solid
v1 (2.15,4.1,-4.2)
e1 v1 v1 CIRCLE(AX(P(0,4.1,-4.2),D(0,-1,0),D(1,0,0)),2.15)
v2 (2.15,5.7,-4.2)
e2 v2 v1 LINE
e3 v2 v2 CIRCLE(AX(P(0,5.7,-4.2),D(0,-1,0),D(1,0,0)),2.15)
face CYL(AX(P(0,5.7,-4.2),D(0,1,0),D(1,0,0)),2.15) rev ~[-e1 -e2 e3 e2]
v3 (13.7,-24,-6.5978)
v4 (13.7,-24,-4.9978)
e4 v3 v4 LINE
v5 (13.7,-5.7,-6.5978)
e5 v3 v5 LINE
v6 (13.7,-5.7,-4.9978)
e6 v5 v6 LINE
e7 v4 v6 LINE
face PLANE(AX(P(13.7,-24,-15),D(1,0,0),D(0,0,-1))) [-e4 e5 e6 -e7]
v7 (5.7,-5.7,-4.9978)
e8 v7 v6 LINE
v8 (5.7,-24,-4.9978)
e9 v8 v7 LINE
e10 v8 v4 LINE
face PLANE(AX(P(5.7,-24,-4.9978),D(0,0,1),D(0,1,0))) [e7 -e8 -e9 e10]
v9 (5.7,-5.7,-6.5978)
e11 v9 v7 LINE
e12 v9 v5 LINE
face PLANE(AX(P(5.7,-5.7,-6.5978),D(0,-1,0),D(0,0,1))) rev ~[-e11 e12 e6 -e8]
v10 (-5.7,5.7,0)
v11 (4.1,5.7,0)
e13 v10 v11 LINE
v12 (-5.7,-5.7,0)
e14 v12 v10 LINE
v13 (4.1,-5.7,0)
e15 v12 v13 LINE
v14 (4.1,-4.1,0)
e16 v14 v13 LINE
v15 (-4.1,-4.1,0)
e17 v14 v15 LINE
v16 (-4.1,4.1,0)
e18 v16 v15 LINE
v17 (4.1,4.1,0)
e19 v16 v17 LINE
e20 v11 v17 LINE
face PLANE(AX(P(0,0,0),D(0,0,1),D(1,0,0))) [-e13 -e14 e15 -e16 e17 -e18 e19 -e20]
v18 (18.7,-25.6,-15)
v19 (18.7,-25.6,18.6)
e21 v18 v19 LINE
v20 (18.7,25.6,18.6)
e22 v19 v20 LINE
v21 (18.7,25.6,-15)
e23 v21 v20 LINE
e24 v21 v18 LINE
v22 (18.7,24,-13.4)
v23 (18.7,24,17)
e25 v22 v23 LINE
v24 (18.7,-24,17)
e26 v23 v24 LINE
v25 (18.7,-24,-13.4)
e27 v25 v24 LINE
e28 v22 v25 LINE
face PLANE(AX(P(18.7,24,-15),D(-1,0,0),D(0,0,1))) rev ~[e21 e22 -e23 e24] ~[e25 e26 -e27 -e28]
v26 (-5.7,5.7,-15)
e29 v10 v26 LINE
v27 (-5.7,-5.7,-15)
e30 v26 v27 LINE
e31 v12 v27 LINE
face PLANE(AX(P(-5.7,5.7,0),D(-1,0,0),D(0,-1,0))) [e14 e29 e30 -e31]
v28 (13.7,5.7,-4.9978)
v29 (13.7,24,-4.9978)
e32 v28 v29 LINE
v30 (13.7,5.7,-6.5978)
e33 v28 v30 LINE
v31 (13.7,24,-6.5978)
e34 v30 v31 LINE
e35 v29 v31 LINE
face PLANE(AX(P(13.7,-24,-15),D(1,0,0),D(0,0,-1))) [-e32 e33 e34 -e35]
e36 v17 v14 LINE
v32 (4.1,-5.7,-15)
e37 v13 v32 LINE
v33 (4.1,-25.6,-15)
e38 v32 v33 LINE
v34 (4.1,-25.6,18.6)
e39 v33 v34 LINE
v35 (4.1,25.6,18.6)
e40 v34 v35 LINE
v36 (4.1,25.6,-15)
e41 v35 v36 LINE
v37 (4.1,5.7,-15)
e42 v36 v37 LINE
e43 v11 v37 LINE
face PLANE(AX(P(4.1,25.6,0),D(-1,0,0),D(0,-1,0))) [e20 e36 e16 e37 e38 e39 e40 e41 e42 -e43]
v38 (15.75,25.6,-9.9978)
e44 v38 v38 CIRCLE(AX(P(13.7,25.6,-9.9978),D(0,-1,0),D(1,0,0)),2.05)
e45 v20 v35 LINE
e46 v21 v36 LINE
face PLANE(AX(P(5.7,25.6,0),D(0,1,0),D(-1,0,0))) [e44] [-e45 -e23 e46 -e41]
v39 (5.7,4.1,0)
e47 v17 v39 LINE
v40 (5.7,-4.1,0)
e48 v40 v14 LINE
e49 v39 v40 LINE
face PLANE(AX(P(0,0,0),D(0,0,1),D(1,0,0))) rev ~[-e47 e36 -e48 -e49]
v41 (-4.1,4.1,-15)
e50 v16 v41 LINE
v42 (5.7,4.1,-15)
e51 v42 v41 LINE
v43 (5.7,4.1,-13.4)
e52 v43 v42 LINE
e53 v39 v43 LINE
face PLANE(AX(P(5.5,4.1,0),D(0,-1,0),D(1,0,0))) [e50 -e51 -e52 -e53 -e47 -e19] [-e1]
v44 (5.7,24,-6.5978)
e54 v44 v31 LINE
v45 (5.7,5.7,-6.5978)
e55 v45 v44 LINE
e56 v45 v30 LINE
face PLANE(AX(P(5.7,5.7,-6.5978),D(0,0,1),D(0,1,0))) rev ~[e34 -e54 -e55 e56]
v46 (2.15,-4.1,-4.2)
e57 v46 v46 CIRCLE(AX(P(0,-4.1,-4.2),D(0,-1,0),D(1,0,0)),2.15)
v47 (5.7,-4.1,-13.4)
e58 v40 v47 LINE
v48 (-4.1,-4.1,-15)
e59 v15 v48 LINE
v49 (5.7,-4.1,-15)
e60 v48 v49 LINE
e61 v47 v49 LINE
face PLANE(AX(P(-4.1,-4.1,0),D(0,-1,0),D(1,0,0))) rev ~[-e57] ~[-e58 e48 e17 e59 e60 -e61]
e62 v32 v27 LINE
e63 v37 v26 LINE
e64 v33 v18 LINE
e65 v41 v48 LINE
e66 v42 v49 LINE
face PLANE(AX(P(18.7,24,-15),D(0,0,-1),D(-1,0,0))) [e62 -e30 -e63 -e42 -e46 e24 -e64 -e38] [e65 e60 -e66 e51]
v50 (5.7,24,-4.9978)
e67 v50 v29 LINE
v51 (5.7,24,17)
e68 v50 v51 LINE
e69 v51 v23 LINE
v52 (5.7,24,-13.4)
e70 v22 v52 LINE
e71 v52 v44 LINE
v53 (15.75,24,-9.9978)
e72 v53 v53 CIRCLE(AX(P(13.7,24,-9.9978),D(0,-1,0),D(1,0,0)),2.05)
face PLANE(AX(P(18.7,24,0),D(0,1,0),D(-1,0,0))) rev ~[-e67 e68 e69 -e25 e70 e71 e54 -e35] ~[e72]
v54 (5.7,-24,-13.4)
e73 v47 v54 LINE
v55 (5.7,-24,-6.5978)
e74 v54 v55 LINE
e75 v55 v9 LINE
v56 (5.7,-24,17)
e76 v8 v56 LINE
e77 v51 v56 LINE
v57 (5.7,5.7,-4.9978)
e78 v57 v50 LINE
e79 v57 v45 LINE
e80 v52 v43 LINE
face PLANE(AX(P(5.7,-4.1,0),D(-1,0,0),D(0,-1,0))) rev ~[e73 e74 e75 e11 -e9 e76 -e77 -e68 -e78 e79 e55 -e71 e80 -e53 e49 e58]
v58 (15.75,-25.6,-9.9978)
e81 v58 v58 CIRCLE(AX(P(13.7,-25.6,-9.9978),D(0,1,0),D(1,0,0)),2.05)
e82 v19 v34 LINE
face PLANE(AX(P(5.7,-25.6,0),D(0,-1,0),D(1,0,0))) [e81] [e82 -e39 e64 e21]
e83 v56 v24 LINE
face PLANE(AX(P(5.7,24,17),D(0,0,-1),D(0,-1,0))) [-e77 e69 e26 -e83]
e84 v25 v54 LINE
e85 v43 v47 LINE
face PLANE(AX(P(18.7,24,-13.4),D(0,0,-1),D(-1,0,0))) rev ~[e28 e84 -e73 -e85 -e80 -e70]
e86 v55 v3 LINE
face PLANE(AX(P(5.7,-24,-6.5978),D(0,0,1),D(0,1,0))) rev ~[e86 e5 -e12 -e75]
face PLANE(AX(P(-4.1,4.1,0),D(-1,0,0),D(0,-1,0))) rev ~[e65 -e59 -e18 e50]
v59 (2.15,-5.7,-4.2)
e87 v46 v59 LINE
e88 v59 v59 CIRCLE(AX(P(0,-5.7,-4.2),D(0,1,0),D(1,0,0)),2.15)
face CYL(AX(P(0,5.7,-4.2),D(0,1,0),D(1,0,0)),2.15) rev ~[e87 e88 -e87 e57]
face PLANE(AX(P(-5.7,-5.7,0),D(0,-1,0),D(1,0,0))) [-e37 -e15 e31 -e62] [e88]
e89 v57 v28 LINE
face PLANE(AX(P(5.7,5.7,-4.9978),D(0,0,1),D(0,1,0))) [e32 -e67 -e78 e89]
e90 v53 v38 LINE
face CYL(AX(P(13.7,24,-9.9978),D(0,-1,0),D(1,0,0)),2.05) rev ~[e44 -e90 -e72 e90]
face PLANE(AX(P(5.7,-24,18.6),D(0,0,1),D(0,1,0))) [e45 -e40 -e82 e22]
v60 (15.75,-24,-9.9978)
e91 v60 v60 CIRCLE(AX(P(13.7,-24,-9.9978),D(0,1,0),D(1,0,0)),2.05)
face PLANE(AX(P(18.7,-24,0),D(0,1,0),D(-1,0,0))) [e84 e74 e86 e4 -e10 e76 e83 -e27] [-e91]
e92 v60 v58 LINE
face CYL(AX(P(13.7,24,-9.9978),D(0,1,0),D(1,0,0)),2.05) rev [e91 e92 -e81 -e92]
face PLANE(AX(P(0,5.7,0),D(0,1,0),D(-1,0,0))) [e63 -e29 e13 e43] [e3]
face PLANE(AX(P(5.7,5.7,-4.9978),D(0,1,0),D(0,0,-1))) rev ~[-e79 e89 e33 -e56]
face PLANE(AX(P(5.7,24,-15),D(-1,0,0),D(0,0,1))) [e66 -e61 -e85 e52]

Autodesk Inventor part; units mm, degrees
ref_plane "YZ Plane" through (0, 0, 0) normal (1, 0, 0) x (0, 1, 0)
ref_plane "XZ Plane" through (0, 0, 0) normal (0, 1, 0) x (-1, 0, 0)
ref_plane "XY Plane" through (0, 0, 0) normal (0, 0, 1) x (1, 0, 0)
sketch "Sketch1" plane through (0, 0, 0) normal (0, 0, 1) x (1, 0, 0)
  line L0 (-5.7, 0) -> (-5.7, -5.7)
  line L1 (-5.7, -5.7) -> (0, -5.7)
  line L2 (0, 5.7) -> (-5.7, 5.7)
  line L3 (-5.7, 5.7) -> (-5.7, 0)
  line L4 (0, 4.1) -> (-4.1, 4.1)
  line L5 (-4.1, 4.1) -> (-4.1, -4.1)
  line L6 (-4.1, -4.1) -> (0, -4.1)
  line L7 (3.9, -5.7) -> (0, -5.7)
  line L8 (3.9, 5.7) -> (0, 5.7)
  line L9 (3.9, 5.7) -> (5.5, 5.7)
  line L10 (3.9, -5.7) -> (5.5, -5.7)
  line L11 (5.5, 4.1) -> (0, 4.1)
  line L12 (5.5, -4.1) -> (0, -4.1)
  line L13 (0, 0) -> (4.1, 0)
  line L14 (4.1, 0) -> (5.7, 0)
  line L15 (5.7, 0) -> (5.7, 5.7)
  line L16 (5.7, 5.7) -> (5.5, 5.7)
  line L17 (5.5, 4.1) -> (5.7, 4.1)
  line L18 (5.7, 0) -> (5.7, -5.7)
  line L19 (5.7, -5.7) -> (5.5, -5.7)
  line L20 (5.5, -4.1) -> (5.7, -4.1)
  dimension "d22" = 4.1
  dimension "d23" = 1.6
extrude "Extrusion1" add sketch "Sketch1" against normal blind 15 contours L3 L2 L8 L9 L16 L15 L17 L11 L4 L5 L6 L12 L20 L18 L19 L10 L7 L1 L0
sketch "Sketch2" plane through (-5.7, 5.7, 0) normal (0, 1, 0) x (1, 0, 0)
  line L0 (5.7, 0) -> (5.7, 4.2)
  circle A0 centre (5.7, 4.2) radius 2.15
  dimension "d10" = 4.2
  dimension "d11" = 4.3
extrude "Extrusion2" cut sketch "Sketch2" against normal blind 15
sketch "Sketch3" plane through (0, 0, 0) normal (0, 0, 1) x (1, 0, 0)
  point P0 (0, 0)
sketch "Sketch4" plane through (0, 0, 0) normal (0, 0, 1) x (1, 0, 0)
  point P0 (5.5, 5.7)
sketch "Sketch5" plane through (0, 0, 0) normal (0, 0, 1) x (1, 0, 0)
  line L0 (5.7, 4.1) -> (5.7, 0)
  line L1 (5.7, 0) -> (5.7, 24)
  line L2 (5.7, 0) -> (5.7, -24)
  line L3 (5.7, -25.6) -> (4.1, -25.6)
  line L4 (5.7, -5.7) -> (-5.7, -5.7) projected
  line L5 (4.1, -5.7) -> (4.1, -25.6)
  line L6 (5.7, 25.6) -> (4.1, 25.6)
  line L7 (4.1, 25.6) -> (4.1, 5.7)
  line L8 (5.7, 5.7) -> (-5.7, 5.7) projected
  line L9 (5.7, 25.6) -> (18.7, 25.6)
  line L10 (18.7, 25.6) -> (18.7, 24)
  line L11 (18.7, 24) -> (5.7, 24)
  line L12 (5.7, -25.6) -> (18.7, -25.6)
  line L13 (18.7, -25.6) -> (18.7, -24)
  line L14 (18.7, -24) -> (5.7, -24)
  line L15 (4.1, 5.7) -> (4.1, -5.7)
  line L16 (5.7, -4.1) -> (-4.1, -4.1) projected
  line L17 (4.1, 5.7) -> (5.7, 5.7)
  line L18 (4.1, 4.1) -> (5.7, 4.1)
  line L19 (4.1, -4.1) -> (5.7, -4.1)
  line L20 (4.1, -5.7) -> (5.7, -5.7)
  point P0 (0, 0)
extrude "Extrusion3" add sketch "Sketch5" against normal blind 15 contours L8 L7 L6 L9 L10 L11 L1 | L2 L14 L13 L12 L3 L5 L4
sketch "Sketch6" plane through (0, 0, 0) normal (0, 0, 1) x (1, 0, 0)
  line L0 (18.7, -25.6) -> (4.1, -25.6) projected
  line L1 (4.1, -25.6) -> (4.1, 4.1)
  line L2 (5.7, 4.1) -> (-4.1, 4.1) projected
  line L3 (5.7, -4.1) -> (5.7, -24) projected
  line L4 (5.7, 4.1) -> (5.7, -24)
  line L5 (4.1, -25.6) -> (18.7, -25.6)
  line L6 (18.7, -24) -> (18.7, -25.6) projected
  line L7 (18.7, -24) -> (5.7, -24) projected
  line L8 (18.7, -24) -> (5.7, -24)
  line L9 (5.7, 4.1) -> (5.7, 24) projected
  line L10 (5.7, 4.1) -> (5.7, 24)
  line L11 (5.7, 24) -> (18.7, 24)
  line L12 (18.7, 25.6) -> (4.1, 25.6) projected
  line L13 (18.7, 24) -> (18.7, 25.6) projected
  line L14 (18.7, 25.6) -> (18.7, 24)
  line L15 (18.7, 25.6) -> (4.1, 25.6)
  line L16 (4.1, 4.1) -> (4.1, 25.6)
  line L17 (4.1, 5.7) -> (-5.7, 5.7) projected
  point P0 (0, 0)
extrude "Extrusion4" add sketch "Sketch6" along normal blind 18.6
sketch "Sketch7" plane through (5.7, 4.1, -15) normal (1, 0, 0) x (0, 0, -1)
  line L0 (0, -28.1) -> (-33.6, -28.1) projected
  line L1 (-33.6, -28.1) -> (-33.6, 19.9) projected
  line L2 (-33.6, -28.1) -> (-33.6, 19.9)
  line L3 (-33.6, 19.9) -> (-32, 19.9)
  line L4 (0, 19.9) -> (-33.6, 19.9) projected
  line L5 (-32, 19.9) -> (-32, -28.1)
  line L6 (-32, -28.1) -> (-33.6, -28.1)
  point P0 (-15, -4.1)
  dimension "d35" = 1.6
extrude "Extrusion5" add sketch "Sketch7" along normal blind 13
sketch "Sketch8" plane through (5.7, -24, -15) normal (1, 0, 0) x (0, 0, -1)
  line L0 (0, 0) -> (0, -1.6) projected
  line L1 (-8.4022, 0) -> (-11.0502, 0)
  line L2 (-32, 0) -> (0, 0) projected
  line L3 (-11.0502, 0) -> (-10.0022, 0)
  line L4 (-10.0022, 0) -> (-10.0022, 18.3)
  line L5 (0, 18.3) -> (-15, 18.3) projected
  line L6 (0, 49.6) -> (-33.6, 49.6) projected
  line L7 (-8.4022, 49.6) -> (-10.0022, 49.6)
  line L8 (-15, 29.7) -> (0, 29.7) projected
  line L9 (-10.0022, 29.7) -> (-10.0022, 49.6)
  line L10 (-10.0022, 0) -> (-10.0022, 18.3)
  line L11 (-10.0022, 29.7) -> (-10.0022, 48)
  line L12 (-32, 48) -> (0, 48) projected
  line L13 (-10.0022, 0) -> (-8.4022, 0)
  line L14 (-8.4022, 0) -> (-8.4022, 18.3)
  line L15 (-8.4022, 29.7) -> (-8.4022, 48)
  line L16 (-10.0022, 18.3) -> (-8.4022, 18.3)
  line L17 (-10.0022, 29.7) -> (-8.4022, 29.7)
  line L18 (-10.0022, 48) -> (-8.4022, 48)
  line L19 (-10.0022, 0) -> (-8.4022, 0)
  point P0 (-15, 24)
  dimension "d38" = 1.6
extrude "Extrusion6" add sketch "Sketch8" along normal blind 8
sketch "Sketch9" plane through (5.7, 24, -15) normal (0, -1, 0) x (1, 0, 0)
  line L0 (13, 0) -> (0, 0) projected
  line L1 (13, 0) -> (13, 1.6)
  line L2 (13, 32) -> (13, 0) projected
  line L3 (13, 1.6) -> (0, 1.6)
  line L4 (0, 0) -> (0, 8.4022) projected
  line L5 (0, 0) -> (0, 1.6)
  line L6 (-1.6, 0) -> (13, 0) projected
  line L7 (0, 0) -> (13, 0)
  point P0 (-5.7, 15)
  dimension "d41" = 1.6
extrude "Extrusion7" add sketch "Sketch9" along normal blind 48
sketch "Sketch10" plane through (18.7, -25.6, -15) normal (1, 0, 0) x (0, 0, -1)
  point P0 (-15, 25.6)
sketch "Sketch11" plane through (5.7, 24, 17) normal (0, -1, 0) x (1, 0, 0)
  line L0 (8, -23.5978) -> (8, -26.9978)
  line L1 (0, -30.4) -> (13, -30.4) projected
  circle A0 centre (8, -26.9978) radius 2.05
  point P0 (-5.7, -17)
  dimension "d44" = 3.4
  dimension "d45" = 4.1
extrude "Extrusion8" cut sketch "Sketch11" along normal blind 59
extrude "Extrusion9" cut sketch "Sketch11" against normal blind 18
